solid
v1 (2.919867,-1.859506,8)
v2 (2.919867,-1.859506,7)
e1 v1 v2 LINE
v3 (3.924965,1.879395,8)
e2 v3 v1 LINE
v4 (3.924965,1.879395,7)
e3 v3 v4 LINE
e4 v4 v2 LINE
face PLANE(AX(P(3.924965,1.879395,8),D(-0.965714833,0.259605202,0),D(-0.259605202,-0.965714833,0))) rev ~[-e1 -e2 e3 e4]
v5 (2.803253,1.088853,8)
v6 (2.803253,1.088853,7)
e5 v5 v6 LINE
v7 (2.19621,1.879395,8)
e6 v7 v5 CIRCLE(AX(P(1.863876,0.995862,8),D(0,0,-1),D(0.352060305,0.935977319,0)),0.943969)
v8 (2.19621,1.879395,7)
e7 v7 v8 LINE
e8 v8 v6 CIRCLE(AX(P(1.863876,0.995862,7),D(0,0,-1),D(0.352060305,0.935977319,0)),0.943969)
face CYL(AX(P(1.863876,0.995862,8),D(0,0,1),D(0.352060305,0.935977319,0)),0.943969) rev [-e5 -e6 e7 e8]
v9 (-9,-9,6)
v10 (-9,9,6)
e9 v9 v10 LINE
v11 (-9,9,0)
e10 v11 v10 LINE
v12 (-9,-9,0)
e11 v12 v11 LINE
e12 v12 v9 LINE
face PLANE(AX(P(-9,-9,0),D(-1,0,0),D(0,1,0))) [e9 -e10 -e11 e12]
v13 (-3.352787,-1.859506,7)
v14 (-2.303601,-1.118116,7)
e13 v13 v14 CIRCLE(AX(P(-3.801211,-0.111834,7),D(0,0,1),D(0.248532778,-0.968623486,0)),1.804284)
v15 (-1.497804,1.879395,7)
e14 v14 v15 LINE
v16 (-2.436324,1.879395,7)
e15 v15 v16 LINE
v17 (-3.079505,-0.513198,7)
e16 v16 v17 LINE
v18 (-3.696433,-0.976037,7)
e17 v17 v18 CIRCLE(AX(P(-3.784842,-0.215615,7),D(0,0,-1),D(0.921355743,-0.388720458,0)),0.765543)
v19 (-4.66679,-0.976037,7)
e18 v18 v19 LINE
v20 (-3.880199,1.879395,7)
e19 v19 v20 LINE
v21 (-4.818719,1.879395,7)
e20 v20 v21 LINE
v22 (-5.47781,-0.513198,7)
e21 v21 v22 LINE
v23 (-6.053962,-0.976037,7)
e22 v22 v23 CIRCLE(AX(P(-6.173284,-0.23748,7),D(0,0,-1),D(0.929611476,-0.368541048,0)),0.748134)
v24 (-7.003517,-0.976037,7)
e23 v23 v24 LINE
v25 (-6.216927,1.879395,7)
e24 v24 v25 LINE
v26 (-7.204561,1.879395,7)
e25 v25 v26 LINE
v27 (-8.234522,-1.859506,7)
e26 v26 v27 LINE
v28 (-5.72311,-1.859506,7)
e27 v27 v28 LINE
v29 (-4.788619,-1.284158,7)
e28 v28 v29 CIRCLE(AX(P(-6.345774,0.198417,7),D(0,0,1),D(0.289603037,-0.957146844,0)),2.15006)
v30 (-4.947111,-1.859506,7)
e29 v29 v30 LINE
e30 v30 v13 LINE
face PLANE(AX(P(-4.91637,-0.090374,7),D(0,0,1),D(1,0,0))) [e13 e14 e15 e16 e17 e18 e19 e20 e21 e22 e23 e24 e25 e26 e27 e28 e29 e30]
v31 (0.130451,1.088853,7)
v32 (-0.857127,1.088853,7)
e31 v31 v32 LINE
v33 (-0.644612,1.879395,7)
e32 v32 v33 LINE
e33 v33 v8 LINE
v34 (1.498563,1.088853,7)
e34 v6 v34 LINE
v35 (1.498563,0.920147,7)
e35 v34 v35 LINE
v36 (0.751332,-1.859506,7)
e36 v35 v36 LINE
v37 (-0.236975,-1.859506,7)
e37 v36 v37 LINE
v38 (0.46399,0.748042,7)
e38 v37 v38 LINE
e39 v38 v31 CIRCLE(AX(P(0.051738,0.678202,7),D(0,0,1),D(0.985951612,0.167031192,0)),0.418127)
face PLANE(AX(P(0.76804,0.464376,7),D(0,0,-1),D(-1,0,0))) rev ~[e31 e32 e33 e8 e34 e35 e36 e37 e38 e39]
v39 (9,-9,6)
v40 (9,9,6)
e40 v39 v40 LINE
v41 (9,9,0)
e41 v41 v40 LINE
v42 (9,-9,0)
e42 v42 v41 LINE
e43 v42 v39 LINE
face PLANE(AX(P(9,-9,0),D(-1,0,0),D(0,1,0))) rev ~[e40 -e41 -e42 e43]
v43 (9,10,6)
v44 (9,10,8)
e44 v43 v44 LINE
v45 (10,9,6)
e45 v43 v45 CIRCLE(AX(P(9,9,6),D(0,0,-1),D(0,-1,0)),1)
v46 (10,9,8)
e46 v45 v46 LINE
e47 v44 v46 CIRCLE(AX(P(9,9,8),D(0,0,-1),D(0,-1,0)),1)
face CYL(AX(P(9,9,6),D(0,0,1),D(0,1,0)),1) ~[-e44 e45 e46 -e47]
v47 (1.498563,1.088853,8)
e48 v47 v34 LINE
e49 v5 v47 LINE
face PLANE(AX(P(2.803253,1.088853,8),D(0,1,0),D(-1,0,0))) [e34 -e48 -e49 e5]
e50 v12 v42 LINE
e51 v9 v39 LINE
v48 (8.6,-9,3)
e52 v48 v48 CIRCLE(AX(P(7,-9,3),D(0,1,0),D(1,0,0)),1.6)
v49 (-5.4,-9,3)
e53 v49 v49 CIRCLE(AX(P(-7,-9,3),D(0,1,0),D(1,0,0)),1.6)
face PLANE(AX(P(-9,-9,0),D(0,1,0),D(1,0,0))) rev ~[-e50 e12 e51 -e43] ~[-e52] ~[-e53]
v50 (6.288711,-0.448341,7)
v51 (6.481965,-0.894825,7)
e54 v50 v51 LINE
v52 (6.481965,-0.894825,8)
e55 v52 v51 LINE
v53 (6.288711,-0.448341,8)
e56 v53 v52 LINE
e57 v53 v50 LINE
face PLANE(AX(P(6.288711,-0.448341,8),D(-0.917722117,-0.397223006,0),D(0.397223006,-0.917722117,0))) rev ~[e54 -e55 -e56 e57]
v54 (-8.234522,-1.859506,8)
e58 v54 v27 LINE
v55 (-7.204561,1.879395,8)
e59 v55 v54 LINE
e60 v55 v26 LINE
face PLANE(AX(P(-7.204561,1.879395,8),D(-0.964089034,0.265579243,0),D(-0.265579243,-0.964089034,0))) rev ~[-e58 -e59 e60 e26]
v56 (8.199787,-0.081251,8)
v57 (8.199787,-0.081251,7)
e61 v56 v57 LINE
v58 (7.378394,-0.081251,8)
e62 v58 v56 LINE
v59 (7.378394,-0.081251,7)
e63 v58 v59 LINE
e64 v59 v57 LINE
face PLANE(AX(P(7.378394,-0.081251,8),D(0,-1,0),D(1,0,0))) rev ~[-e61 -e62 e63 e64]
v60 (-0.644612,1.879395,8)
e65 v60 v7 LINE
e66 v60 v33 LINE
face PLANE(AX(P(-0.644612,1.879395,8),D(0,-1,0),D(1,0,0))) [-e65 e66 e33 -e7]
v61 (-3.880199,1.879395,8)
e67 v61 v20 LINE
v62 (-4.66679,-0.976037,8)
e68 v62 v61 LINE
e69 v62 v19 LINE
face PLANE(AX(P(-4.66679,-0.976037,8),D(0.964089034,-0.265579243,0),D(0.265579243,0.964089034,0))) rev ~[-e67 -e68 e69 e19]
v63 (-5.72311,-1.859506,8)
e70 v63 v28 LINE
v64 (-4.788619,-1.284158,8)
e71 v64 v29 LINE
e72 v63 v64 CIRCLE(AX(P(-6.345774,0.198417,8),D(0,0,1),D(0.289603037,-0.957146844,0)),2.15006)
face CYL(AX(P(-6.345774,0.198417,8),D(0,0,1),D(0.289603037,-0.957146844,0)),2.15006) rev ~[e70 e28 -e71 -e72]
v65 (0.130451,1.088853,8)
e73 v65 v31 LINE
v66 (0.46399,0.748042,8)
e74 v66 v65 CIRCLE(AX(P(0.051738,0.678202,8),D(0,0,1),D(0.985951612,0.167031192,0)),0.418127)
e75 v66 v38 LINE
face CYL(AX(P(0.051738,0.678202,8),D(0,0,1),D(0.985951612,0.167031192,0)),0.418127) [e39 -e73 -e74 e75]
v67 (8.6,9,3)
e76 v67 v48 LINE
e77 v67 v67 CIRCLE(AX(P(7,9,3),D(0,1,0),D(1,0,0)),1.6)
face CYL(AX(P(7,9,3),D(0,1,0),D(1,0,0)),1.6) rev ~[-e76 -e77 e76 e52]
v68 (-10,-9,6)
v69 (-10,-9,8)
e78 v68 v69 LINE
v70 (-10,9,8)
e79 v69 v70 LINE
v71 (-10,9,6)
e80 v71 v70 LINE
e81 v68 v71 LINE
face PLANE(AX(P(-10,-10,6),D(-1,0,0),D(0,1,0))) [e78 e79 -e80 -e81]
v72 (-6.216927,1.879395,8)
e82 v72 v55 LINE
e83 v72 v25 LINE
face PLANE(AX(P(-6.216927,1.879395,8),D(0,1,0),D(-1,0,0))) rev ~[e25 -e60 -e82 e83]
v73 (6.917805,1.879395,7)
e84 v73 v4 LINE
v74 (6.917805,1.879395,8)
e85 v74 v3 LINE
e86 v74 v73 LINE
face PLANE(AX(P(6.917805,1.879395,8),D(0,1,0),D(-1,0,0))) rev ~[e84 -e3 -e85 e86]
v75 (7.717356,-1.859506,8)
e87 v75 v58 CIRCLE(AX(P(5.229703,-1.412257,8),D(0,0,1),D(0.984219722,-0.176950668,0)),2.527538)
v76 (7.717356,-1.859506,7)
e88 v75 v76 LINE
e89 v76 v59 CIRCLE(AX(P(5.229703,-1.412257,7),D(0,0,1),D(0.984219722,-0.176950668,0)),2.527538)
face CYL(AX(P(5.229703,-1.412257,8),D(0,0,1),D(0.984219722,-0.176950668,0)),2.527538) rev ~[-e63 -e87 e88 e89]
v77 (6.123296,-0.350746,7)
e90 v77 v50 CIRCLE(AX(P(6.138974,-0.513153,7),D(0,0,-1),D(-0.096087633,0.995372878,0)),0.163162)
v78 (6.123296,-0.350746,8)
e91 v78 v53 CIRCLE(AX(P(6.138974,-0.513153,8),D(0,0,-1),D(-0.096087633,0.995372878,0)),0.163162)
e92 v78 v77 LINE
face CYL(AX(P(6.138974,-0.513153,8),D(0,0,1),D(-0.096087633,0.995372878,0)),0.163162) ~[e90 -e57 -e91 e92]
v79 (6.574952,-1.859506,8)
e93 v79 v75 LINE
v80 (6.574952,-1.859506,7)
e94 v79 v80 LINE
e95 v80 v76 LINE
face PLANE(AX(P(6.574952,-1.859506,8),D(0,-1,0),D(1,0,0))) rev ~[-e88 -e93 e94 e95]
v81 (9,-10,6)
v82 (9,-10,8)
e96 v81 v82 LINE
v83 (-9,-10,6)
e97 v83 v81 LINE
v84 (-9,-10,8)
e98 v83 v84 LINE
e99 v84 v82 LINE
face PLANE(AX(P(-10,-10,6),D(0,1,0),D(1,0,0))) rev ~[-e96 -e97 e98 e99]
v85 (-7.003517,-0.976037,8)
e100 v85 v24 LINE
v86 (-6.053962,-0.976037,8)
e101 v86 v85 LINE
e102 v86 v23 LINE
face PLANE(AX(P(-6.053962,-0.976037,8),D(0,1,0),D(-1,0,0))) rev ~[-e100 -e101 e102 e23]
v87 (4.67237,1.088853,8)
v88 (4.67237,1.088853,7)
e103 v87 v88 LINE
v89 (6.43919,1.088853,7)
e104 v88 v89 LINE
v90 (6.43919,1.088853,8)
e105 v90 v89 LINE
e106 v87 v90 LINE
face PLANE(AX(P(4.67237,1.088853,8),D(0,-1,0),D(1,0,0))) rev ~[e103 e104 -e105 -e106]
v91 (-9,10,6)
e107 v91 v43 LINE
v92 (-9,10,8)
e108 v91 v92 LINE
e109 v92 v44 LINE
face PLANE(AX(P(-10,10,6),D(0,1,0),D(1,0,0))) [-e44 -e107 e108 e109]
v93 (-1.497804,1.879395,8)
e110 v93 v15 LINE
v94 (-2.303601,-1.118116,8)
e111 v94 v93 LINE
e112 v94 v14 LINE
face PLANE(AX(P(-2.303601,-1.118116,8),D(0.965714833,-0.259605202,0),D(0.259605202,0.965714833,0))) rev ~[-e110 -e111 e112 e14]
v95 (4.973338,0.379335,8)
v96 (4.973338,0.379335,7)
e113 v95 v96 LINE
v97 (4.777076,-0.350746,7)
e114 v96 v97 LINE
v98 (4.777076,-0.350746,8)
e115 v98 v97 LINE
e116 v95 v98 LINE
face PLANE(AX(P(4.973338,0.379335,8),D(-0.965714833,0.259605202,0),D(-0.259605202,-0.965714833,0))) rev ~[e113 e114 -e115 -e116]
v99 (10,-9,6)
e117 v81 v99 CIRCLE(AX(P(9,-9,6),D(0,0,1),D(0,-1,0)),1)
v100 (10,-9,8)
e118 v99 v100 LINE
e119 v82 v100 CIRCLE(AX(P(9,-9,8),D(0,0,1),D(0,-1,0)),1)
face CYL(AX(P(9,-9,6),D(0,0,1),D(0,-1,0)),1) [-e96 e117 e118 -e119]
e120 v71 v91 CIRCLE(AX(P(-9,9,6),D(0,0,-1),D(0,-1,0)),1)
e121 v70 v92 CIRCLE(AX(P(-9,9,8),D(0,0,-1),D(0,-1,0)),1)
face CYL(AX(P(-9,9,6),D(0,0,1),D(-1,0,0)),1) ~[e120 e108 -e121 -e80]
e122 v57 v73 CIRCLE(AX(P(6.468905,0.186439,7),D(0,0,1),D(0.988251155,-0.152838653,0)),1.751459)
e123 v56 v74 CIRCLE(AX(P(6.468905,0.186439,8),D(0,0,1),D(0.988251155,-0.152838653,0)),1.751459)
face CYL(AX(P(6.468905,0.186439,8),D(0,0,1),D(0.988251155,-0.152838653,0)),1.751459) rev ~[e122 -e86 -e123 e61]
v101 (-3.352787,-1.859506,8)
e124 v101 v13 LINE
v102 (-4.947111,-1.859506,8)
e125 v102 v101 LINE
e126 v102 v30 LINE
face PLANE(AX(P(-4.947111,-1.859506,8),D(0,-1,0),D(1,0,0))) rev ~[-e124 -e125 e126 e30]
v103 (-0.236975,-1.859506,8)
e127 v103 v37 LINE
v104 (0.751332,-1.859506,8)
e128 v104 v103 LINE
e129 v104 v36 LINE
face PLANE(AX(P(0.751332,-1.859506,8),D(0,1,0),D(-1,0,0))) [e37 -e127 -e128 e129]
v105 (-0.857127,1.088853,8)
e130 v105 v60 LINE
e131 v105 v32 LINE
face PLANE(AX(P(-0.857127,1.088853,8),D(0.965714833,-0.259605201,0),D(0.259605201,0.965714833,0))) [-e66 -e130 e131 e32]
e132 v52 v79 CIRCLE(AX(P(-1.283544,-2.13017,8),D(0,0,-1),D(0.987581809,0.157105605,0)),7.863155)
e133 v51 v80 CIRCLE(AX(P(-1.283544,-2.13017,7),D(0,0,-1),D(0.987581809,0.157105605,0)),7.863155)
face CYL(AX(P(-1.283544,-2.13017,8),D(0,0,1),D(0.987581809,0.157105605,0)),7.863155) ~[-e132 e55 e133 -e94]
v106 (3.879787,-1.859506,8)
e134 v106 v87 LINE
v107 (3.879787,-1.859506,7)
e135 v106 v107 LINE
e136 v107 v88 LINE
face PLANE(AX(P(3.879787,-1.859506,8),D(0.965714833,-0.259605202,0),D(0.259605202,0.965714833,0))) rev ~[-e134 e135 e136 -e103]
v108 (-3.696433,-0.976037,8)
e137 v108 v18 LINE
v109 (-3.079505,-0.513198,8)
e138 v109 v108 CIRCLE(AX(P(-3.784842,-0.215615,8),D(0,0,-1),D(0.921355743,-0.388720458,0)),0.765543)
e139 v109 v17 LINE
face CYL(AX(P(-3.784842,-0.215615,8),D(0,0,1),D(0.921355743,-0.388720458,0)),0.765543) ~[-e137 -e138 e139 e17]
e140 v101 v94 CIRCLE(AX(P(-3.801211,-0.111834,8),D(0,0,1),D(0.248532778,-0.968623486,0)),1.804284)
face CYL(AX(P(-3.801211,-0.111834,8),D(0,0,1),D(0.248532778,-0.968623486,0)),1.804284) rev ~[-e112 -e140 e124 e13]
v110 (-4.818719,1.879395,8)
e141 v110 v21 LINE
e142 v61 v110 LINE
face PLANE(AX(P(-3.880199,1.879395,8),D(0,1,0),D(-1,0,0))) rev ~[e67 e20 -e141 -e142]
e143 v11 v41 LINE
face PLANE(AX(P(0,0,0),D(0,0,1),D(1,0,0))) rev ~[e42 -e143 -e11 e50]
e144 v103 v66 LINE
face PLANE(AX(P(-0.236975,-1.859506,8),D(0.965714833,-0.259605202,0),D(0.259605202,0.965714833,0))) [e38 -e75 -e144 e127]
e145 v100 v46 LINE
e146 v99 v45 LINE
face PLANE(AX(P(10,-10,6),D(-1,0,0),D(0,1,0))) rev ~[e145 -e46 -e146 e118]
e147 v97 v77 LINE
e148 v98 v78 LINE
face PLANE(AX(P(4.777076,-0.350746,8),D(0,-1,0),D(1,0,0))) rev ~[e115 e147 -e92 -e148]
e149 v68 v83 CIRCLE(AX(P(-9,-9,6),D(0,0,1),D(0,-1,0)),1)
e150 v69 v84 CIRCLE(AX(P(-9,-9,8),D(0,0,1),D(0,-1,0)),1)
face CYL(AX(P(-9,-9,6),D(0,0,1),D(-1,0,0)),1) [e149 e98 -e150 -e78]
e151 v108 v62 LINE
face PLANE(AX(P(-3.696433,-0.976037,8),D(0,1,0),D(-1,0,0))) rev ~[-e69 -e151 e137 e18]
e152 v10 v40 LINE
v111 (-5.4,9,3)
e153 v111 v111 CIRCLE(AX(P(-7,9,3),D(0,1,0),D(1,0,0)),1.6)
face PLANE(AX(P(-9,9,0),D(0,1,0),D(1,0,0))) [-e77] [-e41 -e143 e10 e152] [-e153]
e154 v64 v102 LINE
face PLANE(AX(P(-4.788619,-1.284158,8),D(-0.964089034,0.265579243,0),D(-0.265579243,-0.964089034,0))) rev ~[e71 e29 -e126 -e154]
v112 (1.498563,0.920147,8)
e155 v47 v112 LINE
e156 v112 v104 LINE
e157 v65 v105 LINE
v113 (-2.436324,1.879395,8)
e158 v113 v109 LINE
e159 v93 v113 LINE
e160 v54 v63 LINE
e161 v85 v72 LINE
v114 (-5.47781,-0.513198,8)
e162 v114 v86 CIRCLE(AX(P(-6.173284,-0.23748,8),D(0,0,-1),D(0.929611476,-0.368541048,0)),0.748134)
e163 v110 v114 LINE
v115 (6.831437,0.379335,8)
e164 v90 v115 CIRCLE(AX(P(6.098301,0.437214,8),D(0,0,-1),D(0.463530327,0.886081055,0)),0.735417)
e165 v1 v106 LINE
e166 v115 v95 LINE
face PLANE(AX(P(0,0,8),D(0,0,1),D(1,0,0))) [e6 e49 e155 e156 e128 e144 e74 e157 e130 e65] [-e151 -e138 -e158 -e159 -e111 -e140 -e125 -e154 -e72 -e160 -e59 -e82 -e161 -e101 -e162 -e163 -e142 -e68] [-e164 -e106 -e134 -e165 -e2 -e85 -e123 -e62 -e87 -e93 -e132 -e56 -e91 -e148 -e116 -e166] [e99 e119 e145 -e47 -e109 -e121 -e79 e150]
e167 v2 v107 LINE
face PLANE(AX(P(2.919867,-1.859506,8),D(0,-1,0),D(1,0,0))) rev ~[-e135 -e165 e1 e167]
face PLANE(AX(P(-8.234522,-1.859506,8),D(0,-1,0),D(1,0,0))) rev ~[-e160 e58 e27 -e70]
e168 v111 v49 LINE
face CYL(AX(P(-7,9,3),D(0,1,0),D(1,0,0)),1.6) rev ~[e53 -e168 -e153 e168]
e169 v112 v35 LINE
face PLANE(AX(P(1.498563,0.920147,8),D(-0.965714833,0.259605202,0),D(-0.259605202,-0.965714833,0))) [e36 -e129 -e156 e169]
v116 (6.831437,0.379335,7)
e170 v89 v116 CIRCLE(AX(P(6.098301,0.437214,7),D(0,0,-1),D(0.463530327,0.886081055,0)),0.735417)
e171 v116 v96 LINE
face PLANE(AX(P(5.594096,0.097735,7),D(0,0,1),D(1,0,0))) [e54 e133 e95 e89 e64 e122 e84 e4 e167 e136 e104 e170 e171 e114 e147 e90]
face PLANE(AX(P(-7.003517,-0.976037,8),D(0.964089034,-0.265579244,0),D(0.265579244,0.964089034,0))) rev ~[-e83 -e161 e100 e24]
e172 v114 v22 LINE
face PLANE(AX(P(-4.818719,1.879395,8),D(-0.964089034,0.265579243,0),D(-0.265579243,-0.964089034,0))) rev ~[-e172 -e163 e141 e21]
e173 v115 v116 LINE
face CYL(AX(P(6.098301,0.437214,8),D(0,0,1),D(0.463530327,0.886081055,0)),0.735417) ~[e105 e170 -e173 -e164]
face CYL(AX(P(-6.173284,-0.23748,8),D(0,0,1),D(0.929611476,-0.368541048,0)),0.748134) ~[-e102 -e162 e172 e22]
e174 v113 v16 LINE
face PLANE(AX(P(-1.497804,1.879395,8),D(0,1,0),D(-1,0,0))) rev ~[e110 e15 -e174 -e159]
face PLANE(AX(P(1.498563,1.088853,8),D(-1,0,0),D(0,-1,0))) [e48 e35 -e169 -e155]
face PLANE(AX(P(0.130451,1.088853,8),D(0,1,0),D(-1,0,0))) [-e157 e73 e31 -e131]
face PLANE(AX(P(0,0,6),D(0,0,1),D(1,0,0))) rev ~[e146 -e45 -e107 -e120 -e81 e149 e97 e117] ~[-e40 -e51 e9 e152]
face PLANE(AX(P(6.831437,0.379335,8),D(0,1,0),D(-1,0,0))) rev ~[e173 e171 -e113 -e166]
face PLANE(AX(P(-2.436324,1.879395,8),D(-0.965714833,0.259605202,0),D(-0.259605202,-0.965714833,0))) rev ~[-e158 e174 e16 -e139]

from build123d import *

# Parameters (mm, degrees)
SKETCH_1_W          = 18
SKETCH_1_H          = 18
EXTRUDE_1_DEPTH     = 6
SKETCH_2_R          = 1.6
CUT_EXTRUDE_1_DEPTH = 19
SKETCH_3_W          = 20
SKETCH_3_H          = 20
EXTRUDE_2_DEPTH     = 2
FILLET_1_R          = 1
CUT_EXTRUDE_2_DEPTH = 1


with BuildPart() as part:
    # 草图1 → 凸台-拉伸1 (new body)
    with BuildSketch(Plane.XY):
        Rectangle(SKETCH_1_W, SKETCH_1_H)
    extrude(amount=EXTRUDE_1_DEPTH)

    # 草图2 → 切除-拉伸1 (cut, through all)
    with BuildSketch(Plane(origin=(0, 9, 0), x_dir=(1, 0, 0), z_dir=(0, 1, 0))):
        with Locations((-7, -3)):
            Circle(SKETCH_2_R)
        with Locations((7, -3)):
            Circle(SKETCH_2_R)
    extrude(amount=-CUT_EXTRUDE_1_DEPTH, mode=Mode.SUBTRACT)

    # 草图3 → 凸台-拉伸2 (add)
    with BuildSketch(Plane.XY.offset(6)):
        Rectangle(SKETCH_3_W, SKETCH_3_H)
    extrude(amount=EXTRUDE_2_DEPTH)

    # 圆角1
    fillet_1_edges = [part.edges().sort_by_distance(p)[0] for p in [
        (10, -10, 7),
        (10, 10, 7),
        (-10, 10, 7),
        (-10, -10, 7),
    ]]
    fillet(fillet_1_edges, radius=FILLET_1_R)

    # 草图5 → 切除-拉伸2 (cut)
    with BuildSketch(Plane.XY.offset(8)):
        with BuildLine():
            Line((-7.204561004, 1.879394949), (-8.234522443, -1.859506165))
            Line((-8.234522443, -1.859506165), (-5.723109619, -1.859506165))
            ThreePointArc((-5.723109619, -1.859506165), (-5.218538697, -1.632457047), (-4.78861912, -1.284157931))
            Line((-4.78861912, -1.284157931), (-4.947111275, -1.859506165))
            Line((-4.947111275, -1.859506165), (-3.352787404, -1.859506165))
            ThreePointArc((-3.352787404, -1.859506165), (-2.759972983, -1.585355224), (-2.30360072, -1.118116491))
            Line((-2.30360072, -1.118116491), (-1.497804292, 1.879394949))
            Line((-1.497804292, 1.879394949), (-2.436323584, 1.879394949))
            Line((-2.436323584, 1.879394949), (-3.079504637, -0.513197642))
            ThreePointArc((-3.079504637, -0.513197642), (-3.32542599, -0.827982147), (-3.696433402, -0.976036515))
            Line((-3.696433402, -0.976036515), (-4.666789972, -0.976036515))
            Line((-4.666789972, -0.976036515), (-3.880199418, 1.879394949))
            Line((-3.880199418, 1.879394949), (-4.81871871, 1.879394949))
            Line((-4.81871871, 1.879394949), (-5.477810253, -0.513197642))
            ThreePointArc((-5.477810253, -0.513197642), (-5.7047457, -0.820725721), (-6.053961641, -0.976036515))
            Line((-6.053961641, -0.976036515), (-7.003517302, -0.976036515))
            Line((-7.003517302, -0.976036515), (-6.216926747, 1.879394949))
            Line((-6.216926747, 1.879394949), (-7.204561004, 1.879394949))
        make_face()
        with BuildLine():
            Line((-0.857127264, 1.088853082), (-0.644612375, 1.879394949))
            Line((-0.644612375, 1.879394949), (2.196209614, 1.879394949))
            ThreePointArc((2.196209614, 1.879394949), (2.612575491, 1.570775142), (2.803252851, 1.088853082))
            Line((2.803252851, 1.088853082), (1.498562909, 1.088853082))
            Line((1.498562909, 1.088853082), (1.498562909, 0.920146657))
            Line((1.498562909, 0.920146657), (0.751331627, -1.859506165))
            Line((0.751331627, -1.859506165), (-0.236975463, -1.859506165))
            Line((-0.236975463, -1.859506165), (0.463990432, 0.748042361))
            ThreePointArc((0.463990432, 0.748042361), (0.35056842, 0.970657535), (0.130450539, 1.088853082))
            Line((0.130450539, 1.088853082), (-0.857127264, 1.088853082))
        make_face()
        with BuildLine():
            Line((3.92496477, 1.879394949), (2.919866632, -1.859506165))
            Line((2.919866632, -1.859506165), (3.879786702, -1.859506165))
            Line((3.879786702, -1.859506165), (4.67236995, 1.088853082))
            Line((4.67236995, 1.088853082), (6.439189541, 1.088853082))
            ThreePointArc((6.439189541, 1.088853082), (6.74191311, 0.79302609), (6.831437365, 0.379334689))
            Line((6.831437365, 0.379334689), (4.973337874, 0.379334689))
            Line((4.973337874, 0.379334689), (4.777076341, -0.350745725))
            Line((4.777076341, -0.350745725), (6.123295998, -0.350745725))
            ThreePointArc((6.123295998, -0.350745725), (6.221884558, -0.372626448), (6.288711068, -0.448340962))
            Line((6.288711068, -0.448340962), (6.481965147, -0.894824524))
            ThreePointArc((6.481965147, -0.894824524), (6.543334906, -1.375731382), (6.574951556, -1.859506165))
            Line((6.574951556, -1.859506165), (7.717356009, -1.859506165))
            ThreePointArc((7.717356009, -1.859506165), (7.71253802, -0.938991532), (7.378394237, -0.081251283))
            Line((7.378394237, -0.081251283), (8.199786702, -0.081251283))
            ThreePointArc((8.199786702, -0.081251283), (7.934816182, 1.144935193), (6.917805112, 1.879394949))
            Line((6.917805112, 1.879394949), (3.92496477, 1.879394949))
        make_face()
    extrude(amount=-CUT_EXTRUDE_2_DEPTH, mode=Mode.SUBTRACT)


solid = part.part
